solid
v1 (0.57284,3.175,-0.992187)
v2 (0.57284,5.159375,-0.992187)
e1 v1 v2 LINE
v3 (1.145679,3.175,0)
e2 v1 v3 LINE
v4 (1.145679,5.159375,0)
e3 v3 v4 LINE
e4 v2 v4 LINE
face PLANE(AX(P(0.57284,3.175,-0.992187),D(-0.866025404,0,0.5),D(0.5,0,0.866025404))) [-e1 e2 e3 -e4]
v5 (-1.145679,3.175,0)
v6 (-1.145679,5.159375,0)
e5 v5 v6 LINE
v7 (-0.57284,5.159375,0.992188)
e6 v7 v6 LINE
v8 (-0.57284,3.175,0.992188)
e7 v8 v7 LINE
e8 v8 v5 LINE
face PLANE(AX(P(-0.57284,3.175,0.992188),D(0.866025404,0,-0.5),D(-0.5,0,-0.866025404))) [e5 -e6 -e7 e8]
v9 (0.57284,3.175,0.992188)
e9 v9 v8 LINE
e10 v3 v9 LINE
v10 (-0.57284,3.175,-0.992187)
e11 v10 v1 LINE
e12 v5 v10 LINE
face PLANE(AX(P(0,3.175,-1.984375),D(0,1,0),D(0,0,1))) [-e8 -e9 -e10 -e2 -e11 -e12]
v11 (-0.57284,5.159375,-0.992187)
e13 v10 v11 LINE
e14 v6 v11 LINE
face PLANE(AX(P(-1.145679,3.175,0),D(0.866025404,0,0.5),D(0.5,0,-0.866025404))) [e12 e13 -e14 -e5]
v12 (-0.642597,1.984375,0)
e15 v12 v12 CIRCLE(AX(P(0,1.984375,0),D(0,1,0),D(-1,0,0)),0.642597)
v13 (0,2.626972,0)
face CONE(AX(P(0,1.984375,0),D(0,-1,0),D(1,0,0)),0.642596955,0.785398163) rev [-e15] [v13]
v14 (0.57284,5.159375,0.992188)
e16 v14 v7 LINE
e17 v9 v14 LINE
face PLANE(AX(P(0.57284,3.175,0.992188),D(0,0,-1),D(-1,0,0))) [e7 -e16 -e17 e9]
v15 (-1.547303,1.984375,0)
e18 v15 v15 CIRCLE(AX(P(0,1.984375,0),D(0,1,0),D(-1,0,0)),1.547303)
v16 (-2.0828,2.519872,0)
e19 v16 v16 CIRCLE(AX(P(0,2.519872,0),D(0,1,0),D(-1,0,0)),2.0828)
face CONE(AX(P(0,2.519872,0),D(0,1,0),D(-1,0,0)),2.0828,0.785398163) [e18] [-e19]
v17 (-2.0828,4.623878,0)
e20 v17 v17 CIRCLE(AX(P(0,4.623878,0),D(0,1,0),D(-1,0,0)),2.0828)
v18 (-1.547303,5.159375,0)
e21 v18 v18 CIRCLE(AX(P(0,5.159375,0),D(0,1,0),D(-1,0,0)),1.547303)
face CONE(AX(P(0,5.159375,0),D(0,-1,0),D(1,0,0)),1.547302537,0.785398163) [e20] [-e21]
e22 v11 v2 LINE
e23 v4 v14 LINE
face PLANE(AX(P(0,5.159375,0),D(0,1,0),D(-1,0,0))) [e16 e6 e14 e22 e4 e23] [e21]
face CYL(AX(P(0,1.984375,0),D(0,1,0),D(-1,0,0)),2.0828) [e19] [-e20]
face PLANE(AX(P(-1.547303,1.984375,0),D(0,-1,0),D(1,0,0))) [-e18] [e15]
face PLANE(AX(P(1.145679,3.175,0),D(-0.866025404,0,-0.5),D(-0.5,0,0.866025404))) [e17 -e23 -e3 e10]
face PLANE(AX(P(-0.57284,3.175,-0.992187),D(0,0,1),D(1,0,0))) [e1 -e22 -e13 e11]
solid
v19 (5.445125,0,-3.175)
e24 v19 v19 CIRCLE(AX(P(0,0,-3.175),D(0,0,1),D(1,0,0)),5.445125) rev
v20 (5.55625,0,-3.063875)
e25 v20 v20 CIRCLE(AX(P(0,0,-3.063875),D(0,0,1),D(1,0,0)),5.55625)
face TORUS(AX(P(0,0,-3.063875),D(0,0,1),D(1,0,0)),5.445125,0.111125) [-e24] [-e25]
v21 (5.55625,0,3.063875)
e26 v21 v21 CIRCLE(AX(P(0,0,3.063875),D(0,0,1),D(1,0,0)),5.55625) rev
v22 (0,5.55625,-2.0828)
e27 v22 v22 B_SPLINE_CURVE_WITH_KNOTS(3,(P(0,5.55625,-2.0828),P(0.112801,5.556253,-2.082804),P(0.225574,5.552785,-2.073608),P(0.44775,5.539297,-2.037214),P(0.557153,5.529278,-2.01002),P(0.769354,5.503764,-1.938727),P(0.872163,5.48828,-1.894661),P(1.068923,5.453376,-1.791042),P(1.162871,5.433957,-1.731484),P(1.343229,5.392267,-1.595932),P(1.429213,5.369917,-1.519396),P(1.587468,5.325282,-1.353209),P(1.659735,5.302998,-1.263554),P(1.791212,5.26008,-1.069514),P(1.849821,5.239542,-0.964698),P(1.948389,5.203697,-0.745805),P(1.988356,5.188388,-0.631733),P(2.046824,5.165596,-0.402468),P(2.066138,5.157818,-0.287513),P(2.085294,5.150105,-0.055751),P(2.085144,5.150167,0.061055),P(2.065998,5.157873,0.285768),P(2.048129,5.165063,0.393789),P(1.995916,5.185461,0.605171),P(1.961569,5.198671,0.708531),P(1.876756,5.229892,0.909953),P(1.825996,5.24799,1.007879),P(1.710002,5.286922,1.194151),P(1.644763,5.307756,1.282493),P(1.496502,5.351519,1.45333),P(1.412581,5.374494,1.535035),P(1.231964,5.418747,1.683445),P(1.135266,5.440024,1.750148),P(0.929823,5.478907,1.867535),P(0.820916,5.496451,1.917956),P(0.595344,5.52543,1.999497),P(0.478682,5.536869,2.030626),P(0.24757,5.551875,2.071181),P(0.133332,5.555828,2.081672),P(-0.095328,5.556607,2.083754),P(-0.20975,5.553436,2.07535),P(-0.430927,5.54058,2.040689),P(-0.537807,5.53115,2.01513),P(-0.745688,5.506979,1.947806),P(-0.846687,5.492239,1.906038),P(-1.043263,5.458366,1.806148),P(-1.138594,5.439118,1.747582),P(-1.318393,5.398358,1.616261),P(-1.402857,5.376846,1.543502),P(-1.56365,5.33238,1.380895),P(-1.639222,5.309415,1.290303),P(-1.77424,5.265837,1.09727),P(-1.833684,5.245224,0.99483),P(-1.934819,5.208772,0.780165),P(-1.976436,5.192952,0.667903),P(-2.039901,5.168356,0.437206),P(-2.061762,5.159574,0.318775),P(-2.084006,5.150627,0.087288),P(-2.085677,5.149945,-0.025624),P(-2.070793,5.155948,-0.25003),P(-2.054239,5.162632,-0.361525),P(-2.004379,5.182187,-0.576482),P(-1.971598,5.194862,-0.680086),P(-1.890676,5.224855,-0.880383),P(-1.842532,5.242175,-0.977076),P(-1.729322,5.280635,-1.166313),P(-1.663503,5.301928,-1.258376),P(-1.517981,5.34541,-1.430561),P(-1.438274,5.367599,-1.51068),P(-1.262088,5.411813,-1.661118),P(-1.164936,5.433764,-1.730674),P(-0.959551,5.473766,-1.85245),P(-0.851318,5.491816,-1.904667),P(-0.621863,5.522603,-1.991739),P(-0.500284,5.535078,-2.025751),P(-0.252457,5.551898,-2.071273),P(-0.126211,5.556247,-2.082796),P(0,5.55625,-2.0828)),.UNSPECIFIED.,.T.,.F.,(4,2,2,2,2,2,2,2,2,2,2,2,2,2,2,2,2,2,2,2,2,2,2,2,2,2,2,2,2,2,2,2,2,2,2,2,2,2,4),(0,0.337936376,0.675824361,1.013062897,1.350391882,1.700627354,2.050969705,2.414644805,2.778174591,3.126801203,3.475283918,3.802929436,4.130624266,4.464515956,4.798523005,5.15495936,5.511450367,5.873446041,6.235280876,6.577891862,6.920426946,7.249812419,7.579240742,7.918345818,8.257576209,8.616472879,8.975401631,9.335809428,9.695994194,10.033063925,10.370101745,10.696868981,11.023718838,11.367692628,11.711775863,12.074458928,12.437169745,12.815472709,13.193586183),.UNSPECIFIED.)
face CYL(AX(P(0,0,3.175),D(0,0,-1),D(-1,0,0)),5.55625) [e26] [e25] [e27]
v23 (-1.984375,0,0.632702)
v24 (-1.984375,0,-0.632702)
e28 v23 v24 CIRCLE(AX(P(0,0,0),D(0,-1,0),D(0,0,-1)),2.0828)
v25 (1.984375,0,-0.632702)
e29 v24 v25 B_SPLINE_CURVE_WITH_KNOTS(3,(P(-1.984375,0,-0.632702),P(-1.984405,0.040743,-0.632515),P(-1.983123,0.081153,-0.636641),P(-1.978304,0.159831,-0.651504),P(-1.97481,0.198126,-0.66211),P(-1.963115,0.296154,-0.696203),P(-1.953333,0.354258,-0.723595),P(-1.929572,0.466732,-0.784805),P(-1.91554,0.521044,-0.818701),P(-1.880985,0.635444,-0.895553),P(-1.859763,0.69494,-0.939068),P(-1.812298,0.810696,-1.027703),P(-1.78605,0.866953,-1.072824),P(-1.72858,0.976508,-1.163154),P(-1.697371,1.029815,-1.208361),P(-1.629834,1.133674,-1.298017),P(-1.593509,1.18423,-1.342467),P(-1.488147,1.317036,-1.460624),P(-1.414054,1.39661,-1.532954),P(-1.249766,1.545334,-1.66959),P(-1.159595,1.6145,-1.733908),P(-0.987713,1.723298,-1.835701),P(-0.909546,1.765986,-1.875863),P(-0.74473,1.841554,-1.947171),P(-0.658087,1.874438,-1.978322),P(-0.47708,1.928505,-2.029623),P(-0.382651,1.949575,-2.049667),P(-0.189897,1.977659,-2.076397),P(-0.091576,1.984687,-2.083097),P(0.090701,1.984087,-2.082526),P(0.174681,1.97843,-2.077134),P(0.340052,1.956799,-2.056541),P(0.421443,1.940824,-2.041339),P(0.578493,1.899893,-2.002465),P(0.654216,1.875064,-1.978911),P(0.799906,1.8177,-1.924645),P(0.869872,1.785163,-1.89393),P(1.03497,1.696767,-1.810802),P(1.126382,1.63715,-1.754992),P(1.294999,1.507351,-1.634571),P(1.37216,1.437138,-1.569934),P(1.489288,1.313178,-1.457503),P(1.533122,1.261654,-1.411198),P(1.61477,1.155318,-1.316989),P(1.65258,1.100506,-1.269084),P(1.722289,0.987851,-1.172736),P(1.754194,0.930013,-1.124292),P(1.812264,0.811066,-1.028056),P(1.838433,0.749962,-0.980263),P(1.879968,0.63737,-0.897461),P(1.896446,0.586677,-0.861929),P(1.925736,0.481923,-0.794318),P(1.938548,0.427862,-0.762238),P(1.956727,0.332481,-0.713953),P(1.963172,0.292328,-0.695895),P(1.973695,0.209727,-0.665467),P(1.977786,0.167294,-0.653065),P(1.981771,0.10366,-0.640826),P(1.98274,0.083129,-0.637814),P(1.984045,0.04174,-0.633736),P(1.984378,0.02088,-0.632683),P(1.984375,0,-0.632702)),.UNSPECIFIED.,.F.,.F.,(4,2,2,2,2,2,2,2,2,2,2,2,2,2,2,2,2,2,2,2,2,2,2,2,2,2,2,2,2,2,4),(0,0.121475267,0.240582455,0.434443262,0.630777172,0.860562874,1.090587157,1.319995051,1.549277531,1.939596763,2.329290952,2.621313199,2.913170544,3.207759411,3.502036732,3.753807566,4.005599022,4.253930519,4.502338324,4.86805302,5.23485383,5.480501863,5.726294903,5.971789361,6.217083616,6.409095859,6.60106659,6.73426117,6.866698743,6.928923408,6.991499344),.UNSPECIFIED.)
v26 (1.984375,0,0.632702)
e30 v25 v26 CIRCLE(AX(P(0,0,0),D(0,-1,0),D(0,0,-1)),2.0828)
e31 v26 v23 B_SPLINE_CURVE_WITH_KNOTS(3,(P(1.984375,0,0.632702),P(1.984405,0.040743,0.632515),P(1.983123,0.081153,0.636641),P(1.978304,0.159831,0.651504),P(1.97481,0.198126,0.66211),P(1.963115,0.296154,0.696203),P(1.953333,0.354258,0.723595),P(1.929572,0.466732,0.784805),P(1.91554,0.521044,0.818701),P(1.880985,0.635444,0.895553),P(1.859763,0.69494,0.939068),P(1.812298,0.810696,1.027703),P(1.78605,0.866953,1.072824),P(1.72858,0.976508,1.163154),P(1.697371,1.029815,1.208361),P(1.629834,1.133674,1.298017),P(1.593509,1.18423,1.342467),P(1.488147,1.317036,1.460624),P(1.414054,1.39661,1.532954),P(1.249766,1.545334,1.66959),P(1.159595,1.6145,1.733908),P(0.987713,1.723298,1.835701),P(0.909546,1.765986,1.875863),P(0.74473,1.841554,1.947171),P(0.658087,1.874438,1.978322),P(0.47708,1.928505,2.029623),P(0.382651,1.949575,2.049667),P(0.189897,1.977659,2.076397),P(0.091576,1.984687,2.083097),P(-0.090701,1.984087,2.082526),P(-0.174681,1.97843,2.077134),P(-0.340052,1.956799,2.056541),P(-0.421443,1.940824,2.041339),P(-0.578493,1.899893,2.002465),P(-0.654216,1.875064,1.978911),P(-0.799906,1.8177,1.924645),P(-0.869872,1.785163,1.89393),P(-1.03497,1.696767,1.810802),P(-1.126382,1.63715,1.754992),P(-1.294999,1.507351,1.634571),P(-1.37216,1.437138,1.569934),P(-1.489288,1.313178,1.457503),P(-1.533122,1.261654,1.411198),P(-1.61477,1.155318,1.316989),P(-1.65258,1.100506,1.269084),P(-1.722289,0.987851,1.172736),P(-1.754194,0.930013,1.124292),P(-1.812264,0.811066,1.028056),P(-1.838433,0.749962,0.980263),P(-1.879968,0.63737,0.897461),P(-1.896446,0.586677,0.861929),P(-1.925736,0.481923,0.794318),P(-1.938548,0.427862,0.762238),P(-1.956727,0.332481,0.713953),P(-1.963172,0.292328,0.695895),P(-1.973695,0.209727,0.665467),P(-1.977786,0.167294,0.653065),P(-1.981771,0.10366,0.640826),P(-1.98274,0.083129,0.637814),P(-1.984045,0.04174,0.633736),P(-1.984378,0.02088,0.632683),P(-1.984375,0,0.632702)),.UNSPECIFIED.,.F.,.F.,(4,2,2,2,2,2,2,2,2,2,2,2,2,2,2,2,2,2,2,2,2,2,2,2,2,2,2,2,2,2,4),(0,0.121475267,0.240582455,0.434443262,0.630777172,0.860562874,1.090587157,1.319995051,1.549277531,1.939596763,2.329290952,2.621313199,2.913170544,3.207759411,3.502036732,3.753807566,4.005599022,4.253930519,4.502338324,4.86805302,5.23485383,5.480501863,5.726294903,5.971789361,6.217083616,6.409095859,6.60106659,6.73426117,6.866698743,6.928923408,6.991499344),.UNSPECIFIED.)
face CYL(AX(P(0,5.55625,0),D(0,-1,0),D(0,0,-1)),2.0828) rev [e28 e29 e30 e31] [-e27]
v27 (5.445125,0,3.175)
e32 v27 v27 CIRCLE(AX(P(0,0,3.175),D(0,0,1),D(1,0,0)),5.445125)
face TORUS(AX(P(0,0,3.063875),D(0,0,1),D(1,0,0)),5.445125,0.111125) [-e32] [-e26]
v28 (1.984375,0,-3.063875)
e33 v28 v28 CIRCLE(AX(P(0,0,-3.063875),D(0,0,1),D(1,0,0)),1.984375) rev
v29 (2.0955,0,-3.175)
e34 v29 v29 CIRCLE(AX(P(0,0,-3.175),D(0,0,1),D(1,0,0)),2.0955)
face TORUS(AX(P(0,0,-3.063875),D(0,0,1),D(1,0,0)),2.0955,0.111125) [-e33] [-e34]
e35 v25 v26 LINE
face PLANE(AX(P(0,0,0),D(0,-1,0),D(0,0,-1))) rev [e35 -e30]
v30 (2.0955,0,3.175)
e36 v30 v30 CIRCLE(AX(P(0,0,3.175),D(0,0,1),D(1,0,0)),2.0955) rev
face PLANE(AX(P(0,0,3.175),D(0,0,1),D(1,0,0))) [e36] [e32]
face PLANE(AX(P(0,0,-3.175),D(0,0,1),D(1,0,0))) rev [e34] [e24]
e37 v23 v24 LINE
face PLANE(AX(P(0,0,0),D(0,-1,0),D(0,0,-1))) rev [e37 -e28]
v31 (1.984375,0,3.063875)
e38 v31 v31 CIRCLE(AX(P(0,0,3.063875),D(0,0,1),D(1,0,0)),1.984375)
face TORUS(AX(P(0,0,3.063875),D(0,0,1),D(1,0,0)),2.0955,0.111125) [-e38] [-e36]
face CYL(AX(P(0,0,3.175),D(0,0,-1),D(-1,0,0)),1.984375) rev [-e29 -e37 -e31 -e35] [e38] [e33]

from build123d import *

# Parameters (mm, degrees)
SKETCH1_R          = 5.55625
SKETCH1_R_2        = 1.984375
EXTRUDE1_DEPTH     = 3.175
SKETCH2_R          = 2.0828
CUT_EXTRUDE1_DEPTH = 48.266462906
FILLET1_R          = 0.111125
CUT_EXTRUDE2_DEPTH = 1.984375


with BuildPart() as part:
    # Sketch1 → Extrude1 (new, symmetric)
    with BuildSketch(Plane.XY):
        Circle(SKETCH1_R)
        Circle(SKETCH1_R_2, mode=Mode.SUBTRACT)
    extrude(amount=EXTRUDE1_DEPTH, both=True)

    # Sketch2 → Cut-Extrude1 (cut, through all)
    with BuildSketch(Plane(origin=(41.275, 0, 0), x_dir=(0, 0, -1), z_dir=(0, -1, 0))):
        with Locations((0, -41.275)):
            Circle(SKETCH2_R)
    extrude(amount=-CUT_EXTRUDE1_DEPTH, mode=Mode.SUBTRACT)

    # Fillet1
    fillet1_edges = [part.edges().sort_by_distance(p)[0] for p in [
        (-5.55625, 0, -3.175),
        (-5.55625, 0, 3.175),
        (-1.984375, 0, -3.175),
        (-1.984375, 0, 3.175),
    ]]
    fillet(fillet1_edges, radius=FILLET1_R)


with BuildPart() as body_2:
    # Sketch3 → Revolve1 (revolve)
    with BuildSketch(Plane.XY):
        Polygon((-1.547302537, 1.984375), (-0.642596955, 1.984375), (0, 2.626971955), (0, 5.159375), (-1.547302537, 5.159375), (-2.0828, 4.623877537), (-2.0828, 2.519872463), align=None)
    revolve(axis=Axis((0, 1.984375, 0), (0, -1, 0)))

    # Sketch4 → Cut-Extrude2 (cut)
    with BuildSketch(Plane(origin=(3.3734375, 5.159375, 0), x_dir=(0, 0, -1), z_dir=(0, -1, 0))):
        Polygon((0, -2.22775806), (-0.9921875, -2.80059778), (-0.9921875, -3.94627722), (0, -4.51911694), (0.9921875, -3.94627722), (0.9921875, -2.80059778), align=None)
    extrude(amount=CUT_EXTRUDE2_DEPTH, mode=Mode.SUBTRACT)


solid = Compound([part.part, body_2.part])
